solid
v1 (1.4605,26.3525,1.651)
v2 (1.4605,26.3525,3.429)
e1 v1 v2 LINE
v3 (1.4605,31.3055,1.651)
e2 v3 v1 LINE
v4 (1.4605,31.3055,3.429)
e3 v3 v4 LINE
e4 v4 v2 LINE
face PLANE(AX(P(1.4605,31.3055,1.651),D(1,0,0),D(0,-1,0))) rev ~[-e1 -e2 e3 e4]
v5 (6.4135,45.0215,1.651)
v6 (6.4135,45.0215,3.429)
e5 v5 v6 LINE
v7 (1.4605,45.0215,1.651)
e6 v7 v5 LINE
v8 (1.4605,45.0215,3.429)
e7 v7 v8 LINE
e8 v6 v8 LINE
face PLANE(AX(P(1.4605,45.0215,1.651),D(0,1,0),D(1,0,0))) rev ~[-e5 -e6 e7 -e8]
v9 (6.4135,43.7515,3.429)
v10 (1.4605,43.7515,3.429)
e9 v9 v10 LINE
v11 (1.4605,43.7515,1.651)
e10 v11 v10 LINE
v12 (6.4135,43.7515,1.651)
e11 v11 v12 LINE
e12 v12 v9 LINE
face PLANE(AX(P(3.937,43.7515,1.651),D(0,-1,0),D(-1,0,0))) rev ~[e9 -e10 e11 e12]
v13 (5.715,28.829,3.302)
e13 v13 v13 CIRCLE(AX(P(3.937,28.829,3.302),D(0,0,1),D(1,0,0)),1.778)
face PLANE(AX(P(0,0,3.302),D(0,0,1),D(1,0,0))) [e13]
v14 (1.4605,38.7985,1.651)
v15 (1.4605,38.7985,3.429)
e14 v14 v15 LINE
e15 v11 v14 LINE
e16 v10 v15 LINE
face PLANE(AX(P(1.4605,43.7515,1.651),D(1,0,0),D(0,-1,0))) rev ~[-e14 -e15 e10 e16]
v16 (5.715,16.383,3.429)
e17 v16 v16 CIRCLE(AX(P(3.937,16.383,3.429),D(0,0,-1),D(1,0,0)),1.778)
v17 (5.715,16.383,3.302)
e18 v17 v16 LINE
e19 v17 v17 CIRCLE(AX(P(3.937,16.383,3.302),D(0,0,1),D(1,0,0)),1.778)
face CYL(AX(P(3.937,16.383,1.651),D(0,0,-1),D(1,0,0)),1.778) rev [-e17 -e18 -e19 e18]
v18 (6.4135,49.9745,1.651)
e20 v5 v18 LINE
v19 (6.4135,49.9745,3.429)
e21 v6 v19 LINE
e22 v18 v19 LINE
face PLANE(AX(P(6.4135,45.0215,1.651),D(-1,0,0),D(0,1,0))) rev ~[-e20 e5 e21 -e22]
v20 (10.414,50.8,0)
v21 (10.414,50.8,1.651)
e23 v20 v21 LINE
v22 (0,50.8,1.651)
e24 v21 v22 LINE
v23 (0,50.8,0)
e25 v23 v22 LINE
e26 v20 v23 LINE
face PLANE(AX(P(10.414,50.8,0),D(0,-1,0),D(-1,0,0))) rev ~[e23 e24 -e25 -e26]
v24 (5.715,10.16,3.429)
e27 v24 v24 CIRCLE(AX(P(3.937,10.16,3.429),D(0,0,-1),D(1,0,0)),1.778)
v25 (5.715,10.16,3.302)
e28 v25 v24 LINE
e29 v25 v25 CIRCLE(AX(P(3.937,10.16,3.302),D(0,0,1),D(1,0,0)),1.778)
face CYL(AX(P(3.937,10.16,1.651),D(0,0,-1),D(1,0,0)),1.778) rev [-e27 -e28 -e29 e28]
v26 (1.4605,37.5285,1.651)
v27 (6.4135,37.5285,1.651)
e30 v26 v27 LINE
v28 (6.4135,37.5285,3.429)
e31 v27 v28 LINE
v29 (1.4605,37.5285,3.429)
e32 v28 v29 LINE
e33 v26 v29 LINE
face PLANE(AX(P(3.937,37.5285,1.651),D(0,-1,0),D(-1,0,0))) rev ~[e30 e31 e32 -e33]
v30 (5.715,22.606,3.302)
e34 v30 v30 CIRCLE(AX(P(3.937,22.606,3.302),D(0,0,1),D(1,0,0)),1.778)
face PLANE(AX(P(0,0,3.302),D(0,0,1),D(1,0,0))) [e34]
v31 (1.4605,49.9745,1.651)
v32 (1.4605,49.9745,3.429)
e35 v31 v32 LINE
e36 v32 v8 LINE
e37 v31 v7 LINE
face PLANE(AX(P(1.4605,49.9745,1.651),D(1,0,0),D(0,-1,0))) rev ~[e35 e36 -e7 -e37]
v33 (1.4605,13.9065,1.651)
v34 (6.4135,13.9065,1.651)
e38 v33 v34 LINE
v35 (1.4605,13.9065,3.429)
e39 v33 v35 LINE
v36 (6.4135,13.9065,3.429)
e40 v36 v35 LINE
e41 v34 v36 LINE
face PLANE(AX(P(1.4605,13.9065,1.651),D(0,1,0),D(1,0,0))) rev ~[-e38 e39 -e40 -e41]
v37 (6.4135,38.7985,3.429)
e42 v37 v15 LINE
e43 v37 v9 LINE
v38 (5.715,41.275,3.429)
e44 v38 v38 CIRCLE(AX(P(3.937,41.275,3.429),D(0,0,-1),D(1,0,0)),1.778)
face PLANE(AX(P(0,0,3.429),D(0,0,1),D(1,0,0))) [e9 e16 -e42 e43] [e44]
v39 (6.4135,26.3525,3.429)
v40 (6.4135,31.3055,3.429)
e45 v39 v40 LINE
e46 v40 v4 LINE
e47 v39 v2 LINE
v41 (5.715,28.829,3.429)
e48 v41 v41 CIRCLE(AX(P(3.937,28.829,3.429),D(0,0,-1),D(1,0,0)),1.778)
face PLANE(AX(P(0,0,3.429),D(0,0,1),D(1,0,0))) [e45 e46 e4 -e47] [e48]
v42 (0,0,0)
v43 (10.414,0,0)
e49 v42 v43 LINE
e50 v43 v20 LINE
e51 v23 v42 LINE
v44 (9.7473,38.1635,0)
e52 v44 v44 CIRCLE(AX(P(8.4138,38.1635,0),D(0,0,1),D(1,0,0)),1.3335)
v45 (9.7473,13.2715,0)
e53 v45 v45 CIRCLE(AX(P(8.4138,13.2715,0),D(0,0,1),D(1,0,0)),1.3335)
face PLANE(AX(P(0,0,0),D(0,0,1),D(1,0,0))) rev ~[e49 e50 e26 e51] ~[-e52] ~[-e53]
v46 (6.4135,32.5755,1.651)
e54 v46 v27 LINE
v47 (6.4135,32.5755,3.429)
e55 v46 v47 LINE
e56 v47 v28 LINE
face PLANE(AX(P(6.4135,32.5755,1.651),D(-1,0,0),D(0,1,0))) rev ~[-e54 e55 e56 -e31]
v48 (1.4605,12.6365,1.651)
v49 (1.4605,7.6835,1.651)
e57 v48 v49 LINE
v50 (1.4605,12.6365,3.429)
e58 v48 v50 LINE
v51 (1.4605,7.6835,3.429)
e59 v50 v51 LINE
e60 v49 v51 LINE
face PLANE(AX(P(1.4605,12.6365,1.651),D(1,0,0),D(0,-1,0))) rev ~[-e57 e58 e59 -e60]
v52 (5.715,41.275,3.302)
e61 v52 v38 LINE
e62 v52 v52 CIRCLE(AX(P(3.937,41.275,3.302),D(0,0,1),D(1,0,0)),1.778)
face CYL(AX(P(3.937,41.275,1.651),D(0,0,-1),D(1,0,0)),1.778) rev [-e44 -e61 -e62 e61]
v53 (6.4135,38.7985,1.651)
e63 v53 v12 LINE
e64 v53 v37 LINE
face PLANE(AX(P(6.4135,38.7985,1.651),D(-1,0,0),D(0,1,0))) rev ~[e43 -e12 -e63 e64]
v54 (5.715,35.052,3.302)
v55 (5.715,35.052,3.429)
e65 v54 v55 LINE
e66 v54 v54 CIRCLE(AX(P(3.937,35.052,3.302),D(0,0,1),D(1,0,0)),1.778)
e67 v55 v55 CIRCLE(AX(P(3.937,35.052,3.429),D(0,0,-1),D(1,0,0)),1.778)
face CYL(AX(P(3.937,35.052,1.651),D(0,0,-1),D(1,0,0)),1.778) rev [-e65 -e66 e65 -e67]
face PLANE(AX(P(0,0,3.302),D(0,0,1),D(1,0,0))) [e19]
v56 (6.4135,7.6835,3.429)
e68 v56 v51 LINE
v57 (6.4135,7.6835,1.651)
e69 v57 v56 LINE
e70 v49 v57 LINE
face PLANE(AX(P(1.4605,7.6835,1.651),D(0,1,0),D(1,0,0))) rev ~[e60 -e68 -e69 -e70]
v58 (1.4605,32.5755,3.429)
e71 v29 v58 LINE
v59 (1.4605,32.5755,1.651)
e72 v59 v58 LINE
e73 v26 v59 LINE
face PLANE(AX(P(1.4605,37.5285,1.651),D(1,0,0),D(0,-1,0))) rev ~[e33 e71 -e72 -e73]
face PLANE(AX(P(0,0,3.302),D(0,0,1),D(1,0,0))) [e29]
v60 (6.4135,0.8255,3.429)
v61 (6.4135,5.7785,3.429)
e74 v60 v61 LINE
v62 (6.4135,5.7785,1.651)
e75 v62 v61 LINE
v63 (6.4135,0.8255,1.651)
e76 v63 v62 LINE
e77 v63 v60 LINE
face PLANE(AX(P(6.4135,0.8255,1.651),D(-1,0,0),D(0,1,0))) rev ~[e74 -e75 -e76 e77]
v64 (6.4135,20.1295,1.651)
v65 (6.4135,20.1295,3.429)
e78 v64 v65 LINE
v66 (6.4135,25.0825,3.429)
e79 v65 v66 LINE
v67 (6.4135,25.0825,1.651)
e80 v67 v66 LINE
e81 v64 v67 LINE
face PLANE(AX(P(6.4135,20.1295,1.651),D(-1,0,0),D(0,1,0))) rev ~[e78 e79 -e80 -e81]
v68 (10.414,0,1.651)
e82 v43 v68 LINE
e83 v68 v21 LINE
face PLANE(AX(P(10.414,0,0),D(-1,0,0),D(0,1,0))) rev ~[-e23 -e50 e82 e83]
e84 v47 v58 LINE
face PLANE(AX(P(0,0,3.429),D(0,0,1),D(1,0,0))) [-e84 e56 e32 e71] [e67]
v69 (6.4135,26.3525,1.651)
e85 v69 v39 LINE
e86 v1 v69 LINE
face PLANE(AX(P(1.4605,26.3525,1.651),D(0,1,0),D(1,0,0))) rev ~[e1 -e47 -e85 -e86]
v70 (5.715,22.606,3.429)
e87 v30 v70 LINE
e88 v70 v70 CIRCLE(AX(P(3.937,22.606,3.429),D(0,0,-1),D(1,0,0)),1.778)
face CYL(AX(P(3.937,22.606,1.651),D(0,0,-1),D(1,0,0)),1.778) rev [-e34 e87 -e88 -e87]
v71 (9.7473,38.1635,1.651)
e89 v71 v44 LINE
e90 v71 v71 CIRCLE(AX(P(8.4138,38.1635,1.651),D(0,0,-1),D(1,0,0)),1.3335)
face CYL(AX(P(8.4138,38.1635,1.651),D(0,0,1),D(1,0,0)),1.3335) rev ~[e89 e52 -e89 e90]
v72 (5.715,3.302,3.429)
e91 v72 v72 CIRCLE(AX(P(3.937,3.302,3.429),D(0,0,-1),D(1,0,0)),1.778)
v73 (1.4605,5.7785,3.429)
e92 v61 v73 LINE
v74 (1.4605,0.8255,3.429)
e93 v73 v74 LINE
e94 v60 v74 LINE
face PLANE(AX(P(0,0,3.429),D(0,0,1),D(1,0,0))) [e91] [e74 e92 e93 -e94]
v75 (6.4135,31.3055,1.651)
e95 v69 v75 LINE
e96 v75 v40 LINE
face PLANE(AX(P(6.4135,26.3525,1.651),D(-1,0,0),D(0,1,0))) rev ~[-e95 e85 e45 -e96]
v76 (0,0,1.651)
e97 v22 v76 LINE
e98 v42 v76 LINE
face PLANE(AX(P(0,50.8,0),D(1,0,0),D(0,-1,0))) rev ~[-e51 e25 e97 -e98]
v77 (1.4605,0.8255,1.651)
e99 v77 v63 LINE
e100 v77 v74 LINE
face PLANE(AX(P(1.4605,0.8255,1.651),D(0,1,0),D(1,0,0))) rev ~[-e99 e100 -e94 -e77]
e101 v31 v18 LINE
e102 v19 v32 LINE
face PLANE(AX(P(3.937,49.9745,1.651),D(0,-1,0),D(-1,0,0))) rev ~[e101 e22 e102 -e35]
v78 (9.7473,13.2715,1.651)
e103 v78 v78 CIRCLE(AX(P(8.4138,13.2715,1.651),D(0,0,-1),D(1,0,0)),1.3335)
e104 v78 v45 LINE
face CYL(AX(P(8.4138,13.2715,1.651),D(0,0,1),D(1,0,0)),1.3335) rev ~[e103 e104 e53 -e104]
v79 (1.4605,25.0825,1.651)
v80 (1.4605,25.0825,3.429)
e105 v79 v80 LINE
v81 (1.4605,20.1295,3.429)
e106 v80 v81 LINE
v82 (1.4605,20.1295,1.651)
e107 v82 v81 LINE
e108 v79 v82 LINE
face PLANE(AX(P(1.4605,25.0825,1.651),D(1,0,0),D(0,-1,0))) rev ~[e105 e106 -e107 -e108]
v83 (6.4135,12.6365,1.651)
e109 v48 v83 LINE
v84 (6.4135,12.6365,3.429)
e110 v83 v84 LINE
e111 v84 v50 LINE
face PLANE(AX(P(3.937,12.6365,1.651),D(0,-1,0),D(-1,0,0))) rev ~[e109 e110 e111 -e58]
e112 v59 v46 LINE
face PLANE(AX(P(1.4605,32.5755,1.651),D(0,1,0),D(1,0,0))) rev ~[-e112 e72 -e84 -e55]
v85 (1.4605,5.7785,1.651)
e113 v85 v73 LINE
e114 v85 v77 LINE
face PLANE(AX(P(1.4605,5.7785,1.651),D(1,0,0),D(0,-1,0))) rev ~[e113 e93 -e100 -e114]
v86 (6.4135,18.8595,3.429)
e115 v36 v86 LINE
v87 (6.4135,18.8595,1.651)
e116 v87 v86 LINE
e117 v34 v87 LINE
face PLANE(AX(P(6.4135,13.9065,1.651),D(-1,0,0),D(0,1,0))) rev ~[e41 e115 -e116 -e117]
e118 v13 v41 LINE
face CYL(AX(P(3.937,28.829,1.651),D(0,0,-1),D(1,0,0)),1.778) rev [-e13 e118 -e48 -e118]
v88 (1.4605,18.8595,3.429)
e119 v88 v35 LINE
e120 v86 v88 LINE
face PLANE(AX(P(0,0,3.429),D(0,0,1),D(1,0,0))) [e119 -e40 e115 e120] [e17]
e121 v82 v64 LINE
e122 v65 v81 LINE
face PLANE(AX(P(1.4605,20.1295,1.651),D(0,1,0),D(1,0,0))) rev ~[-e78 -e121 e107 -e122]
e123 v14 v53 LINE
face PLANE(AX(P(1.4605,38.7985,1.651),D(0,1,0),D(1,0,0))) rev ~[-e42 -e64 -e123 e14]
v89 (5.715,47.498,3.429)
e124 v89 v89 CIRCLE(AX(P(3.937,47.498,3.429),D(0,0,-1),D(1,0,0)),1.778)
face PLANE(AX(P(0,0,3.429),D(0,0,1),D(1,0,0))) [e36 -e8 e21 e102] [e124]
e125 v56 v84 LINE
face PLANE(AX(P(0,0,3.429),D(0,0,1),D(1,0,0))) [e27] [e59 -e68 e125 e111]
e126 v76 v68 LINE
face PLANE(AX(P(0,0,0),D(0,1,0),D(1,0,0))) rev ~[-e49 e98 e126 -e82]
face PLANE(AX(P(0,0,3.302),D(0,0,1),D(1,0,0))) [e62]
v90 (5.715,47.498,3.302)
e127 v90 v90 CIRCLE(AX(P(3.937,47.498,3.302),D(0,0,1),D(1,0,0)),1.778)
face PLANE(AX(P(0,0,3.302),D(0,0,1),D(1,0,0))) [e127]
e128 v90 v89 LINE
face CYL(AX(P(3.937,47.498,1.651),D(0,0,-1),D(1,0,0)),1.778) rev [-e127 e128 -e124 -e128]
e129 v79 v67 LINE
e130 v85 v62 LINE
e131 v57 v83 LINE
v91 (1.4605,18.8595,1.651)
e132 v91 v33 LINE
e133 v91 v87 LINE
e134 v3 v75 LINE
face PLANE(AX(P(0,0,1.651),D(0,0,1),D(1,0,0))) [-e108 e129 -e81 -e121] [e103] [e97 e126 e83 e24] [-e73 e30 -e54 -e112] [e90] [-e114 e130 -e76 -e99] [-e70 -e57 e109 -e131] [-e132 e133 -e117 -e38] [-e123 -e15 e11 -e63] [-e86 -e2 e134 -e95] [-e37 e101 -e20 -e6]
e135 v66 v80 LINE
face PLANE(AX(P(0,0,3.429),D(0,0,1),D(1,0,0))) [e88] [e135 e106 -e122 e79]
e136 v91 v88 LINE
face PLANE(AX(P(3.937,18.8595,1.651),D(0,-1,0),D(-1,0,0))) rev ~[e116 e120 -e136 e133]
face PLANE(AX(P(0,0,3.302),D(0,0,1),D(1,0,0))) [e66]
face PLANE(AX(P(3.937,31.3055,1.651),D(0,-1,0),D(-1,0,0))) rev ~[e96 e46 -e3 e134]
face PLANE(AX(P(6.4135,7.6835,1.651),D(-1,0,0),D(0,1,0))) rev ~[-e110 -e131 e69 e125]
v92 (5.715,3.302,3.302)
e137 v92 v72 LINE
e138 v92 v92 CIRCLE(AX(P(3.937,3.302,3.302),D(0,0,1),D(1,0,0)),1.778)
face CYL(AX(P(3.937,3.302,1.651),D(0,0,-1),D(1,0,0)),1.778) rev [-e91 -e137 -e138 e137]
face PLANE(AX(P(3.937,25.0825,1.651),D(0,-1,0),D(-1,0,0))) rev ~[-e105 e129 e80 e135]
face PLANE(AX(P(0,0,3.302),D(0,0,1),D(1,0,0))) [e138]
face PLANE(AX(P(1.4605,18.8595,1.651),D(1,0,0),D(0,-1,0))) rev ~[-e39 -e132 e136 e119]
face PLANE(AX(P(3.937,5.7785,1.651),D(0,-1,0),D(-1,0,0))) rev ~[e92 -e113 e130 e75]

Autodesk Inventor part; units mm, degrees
ref_plane "YZ Plane" through (0, 0, 0) normal (1, 0, 0) x (0, 1, 0)
ref_plane "XZ Plane" through (0, 0, 0) normal (0, 1, 0) x (-1, 0, 0)
ref_plane "XY Plane" through (0, 0, 0) normal (0, 0, 1) x (1, 0, 0)
sketch "Sketch1" plane through (0, 0, 0) normal (0, 0, 1) x (1, 0, 0)
  line L0 (0, 0) -> (10.414, 0)
  line L1 (10.414, 0) -> (10.414, 50.8)
  line L2 (10.414, 50.8) -> (0, 50.8)
  line L3 (0, 50.8) -> (0, 0)
  dimension "d0" = 10.414
  dimension "d1" = 50.8
extrude "Extrusion1" add sketch "Sketch1" along normal blind 1.651
sketch "Sketch2" plane through (0, 0, 1.651) normal (0, 0, 1) x (1, 0, 0)
  line L0 (0, 0) -> (10.414, 0) projected
  line L1 (5.207, 0) -> (3.937, 0)
  line L2 (3.937, 0) -> (3.937, 3.302)
  circle A0 centre (3.937, 3.302) radius 1.778
  line L3 (10.414, 50.8) -> (0, 50.8) projected
  line L4 (5.207, 50.8) -> (3.937, 50.8)
  line L5 (3.937, 50.8) -> (3.937, 47.498)
  circle A1 centre (3.937, 47.498) radius 1.778
  line L6 (3.937, 47.498) -> (3.937, 41.275)
  line L7 (3.937, 41.275) -> (3.937, 35.052)
  line L8 (3.937, 35.052) -> (3.937, 28.829)
  line L9 (3.937, 28.829) -> (3.937, 22.606)
  line L10 (3.937, 22.606) -> (3.937, 16.383)
  line L11 (3.937, 16.383) -> (3.937, 10.16)
  line L12 (3.937, 10.16) -> (3.937, 3.302)
  circle A2 centre (3.937, 10.16) radius 1.778
  circle A3 centre (3.937, 16.383) radius 1.778
  circle A4 centre (3.937, 22.606) radius 1.778
  circle A5 centre (3.937, 28.829) radius 1.778
  circle A6 centre (3.937, 35.052) radius 1.778
  circle A7 centre (3.937, 41.275) radius 1.778
  line L13 (1.4605, 45.0215) -> (6.4135, 45.0215)
  line L14 (6.4135, 45.0215) -> (6.4135, 49.9745)
  line L15 (6.4135, 49.9745) -> (1.4605, 49.9745)
  line L16 (1.4605, 49.9745) -> (1.4605, 45.0215)
  line L17 (1.4605, 45.0215) -> (6.4135, 49.9745) construction
  line L18 (6.4135, 45.0215) -> (1.4605, 49.9745) construction
  line L19 (1.4605, 38.7985) -> (6.4135, 38.7985)
  line L20 (6.4135, 38.7985) -> (6.4135, 43.7515)
  line L21 (6.4135, 43.7515) -> (1.4605, 43.7515)
  line L22 (1.4605, 43.7515) -> (1.4605, 38.7985)
  line L23 (1.4605, 38.7985) -> (6.4135, 43.7515) construction
  line L24 (6.4135, 38.7985) -> (1.4605, 43.7515) construction
  line L25 (1.4605, 32.5755) -> (6.4135, 32.5755)
  line L26 (6.4135, 32.5755) -> (6.4135, 37.5285)
  line L27 (6.4135, 37.5285) -> (1.4605, 37.5285)
  line L28 (1.4605, 37.5285) -> (1.4605, 32.5755)
  line L29 (1.4605, 32.5755) -> (6.4135, 37.5285) construction
  line L30 (6.4135, 32.5755) -> (1.4605, 37.5285) construction
  line L31 (1.4605, 26.3525) -> (6.4135, 26.3525)
  line L32 (6.4135, 26.3525) -> (6.4135, 31.3055)
  line L33 (6.4135, 31.3055) -> (1.4605, 31.3055)
  line L34 (1.4605, 31.3055) -> (1.4605, 26.3525)
  line L35 (1.4605, 26.3525) -> (6.4135, 31.3055) construction
  line L36 (6.4135, 26.3525) -> (1.4605, 31.3055) construction
  line L37 (1.4605, 20.1295) -> (6.4135, 20.1295)
  line L38 (6.4135, 20.1295) -> (6.4135, 25.0825)
  line L39 (6.4135, 25.0825) -> (1.4605, 25.0825)
  line L40 (1.4605, 25.0825) -> (1.4605, 20.1295)
  line L41 (1.4605, 20.1295) -> (6.4135, 25.0825) construction
  line L42 (6.4135, 20.1295) -> (1.4605, 25.0825) construction
  line L43 (1.4605, 13.9065) -> (6.4135, 13.9065)
  line L44 (6.4135, 13.9065) -> (6.4135, 18.8595)
  line L45 (6.4135, 18.8595) -> (1.4605, 18.8595)
  line L46 (1.4605, 18.8595) -> (1.4605, 13.9065)
  line L47 (1.4605, 13.9065) -> (6.4135, 18.8595) construction
  line L48 (6.4135, 13.9065) -> (1.4605, 18.8595) construction
  line L49 (1.4605, 7.6835) -> (6.4135, 7.6835)
  line L50 (6.4135, 7.6835) -> (6.4135, 12.6365)
  line L51 (6.4135, 12.6365) -> (1.4605, 12.6365)
  line L52 (1.4605, 12.6365) -> (1.4605, 7.6835)
  line L53 (1.4605, 7.6835) -> (6.4135, 12.6365) construction
  line L54 (6.4135, 7.6835) -> (1.4605, 12.6365) construction
  line L55 (1.4605, 0.8255) -> (6.4135, 0.8255)
  line L56 (6.4135, 0.8255) -> (6.4135, 5.7785)
  line L57 (6.4135, 5.7785) -> (1.4605, 5.7785)
  line L58 (1.4605, 5.7785) -> (1.4605, 0.8255)
  line L59 (1.4605, 0.8255) -> (6.4135, 5.7785) construction
  line L60 (6.4135, 0.8255) -> (1.4605, 5.7785) construction
  dimension "d4" = 1.27
  dimension "d5" = 3.302
  dimension "d6" = 3.556
  dimension "d7" = 3.302
  dimension "d8" = 3.556
  dimension "d9" = 6.223
  dimension "d10" = 6.223
  dimension "d11" = 6.223
  dimension "d12" = 6.223
  dimension "d13" = 6.223
  dimension "d14" = 6.223
  dimension "d15" = 3.556
  dimension "d16" = 3.556
  dimension "d17" = 3.556
  dimension "d18" = 3.556
  dimension "d19" = 3.556
  dimension "d20" = 3.556
  dimension "d21" = 4.953
  dimension "d22" = 4.953
  dimension "d23" = 4.953
  dimension "d24" = 4.953
  dimension "d25" = 4.953
  dimension "d26" = 4.953
  dimension "d27" = 4.953
  dimension "d28" = 4.953
  dimension "d29" = 4.953
  dimension "d30" = 4.953
  dimension "d31" = 4.953
  dimension "d32" = 4.953
extrude "Extrusion2" add sketch "Sketch2" along normal blind 1.778 contours L55 L58 L57 L12 A0 L2 | L13 L16 L15 L5 A1 L6 | L6 A1 L5 L15 L14 L13 | L19 L22 L21 L6 A7 L7 | L7 A7 L6 L21 L20 L19 | L25 L28 L27 L7 A6 L8 | L8 A6 L7 L27 L26 L25 | L31 L34 L33 L8 A5 L9 | L9 A5 L8 L33 L32 L31 | L37 L40 L39 L9 A4 L10 | L10 A4 L9 L39 L38 L37 | L43 L46 L45 L10 A3 L11 | L11 A3 L10 L45 L44 L43 | L49 L52 L51 L11 A2 L12 | L12 A2 L11 L51 L50 L49 | L2 A0 L12 L57 L56 L55
sketch "Sketch3" plane through (0, 0, 1.651) normal (0, 0, 1) x (1, 0, 0)
  circle A0 centre (3.937, 3.302) radius 1.778 projected
  circle A1 centre (3.937, 3.302) radius 1.778
  circle A2 centre (3.937, 10.16) radius 1.778 projected
  circle A3 centre (3.937, 10.16) radius 1.778
  circle A4 centre (3.937, 16.383) radius 1.778 projected
  circle A5 centre (3.937, 16.383) radius 1.778
  circle A6 centre (3.937, 22.606) radius 1.778 projected
  circle A7 centre (3.937, 22.606) radius 1.778
  circle A8 centre (3.937, 28.829) radius 1.778 projected
  circle A9 centre (3.937, 28.829) radius 1.778
  circle A10 centre (3.937, 35.052) radius 1.778 projected
  circle A11 centre (3.937, 35.052) radius 1.778
  circle A12 centre (3.937, 41.275) radius 1.778 projected
  circle A13 centre (3.937, 41.275) radius 1.778
  circle A14 centre (3.937, 47.498) radius 1.778 projected
  circle A15 centre (3.937, 47.498) radius 1.778
  point P0 (0, 0)
extrude "Extrusion3" add sketch "Sketch3" along normal blind 1.651
sketch "Sketch4" plane through (0, 0, 1.651) normal (0, 0, 1) x (1, 0, 0)
  line L0 (1.4605, 12.6365) -> (6.4135, 12.6365) projected
  line L1 (6.4135, 13.9065) -> (6.4135, 18.8595) projected
  line L2 (6.4135, 12.6365) -> (6.4135, 13.9065)
  line L3 (6.4135, 13.9065) -> (6.4135, 13.2715)
  line L4 (10.414, 0) -> (10.414, 50.8) projected
  line L5 (10.414, 13.2715) -> (6.4135, 13.2715)
  circle A0 centre (8.4138, 13.2715) radius 1.3335
  line L6 (1.4605, 37.5285) -> (6.4135, 37.5285) projected
  line L7 (6.4135, 38.7985) -> (6.4135, 37.5285)
  line L8 (6.4135, 38.1635) -> (10.414, 38.1635)
  circle A1 centre (8.4138, 38.1635) radius 1.3335
  point P0 (0, 0)
extrude "Extrusion4" cut sketch "Sketch4" against normal blind 1.651
properties part number "Neopixel_Stick"
